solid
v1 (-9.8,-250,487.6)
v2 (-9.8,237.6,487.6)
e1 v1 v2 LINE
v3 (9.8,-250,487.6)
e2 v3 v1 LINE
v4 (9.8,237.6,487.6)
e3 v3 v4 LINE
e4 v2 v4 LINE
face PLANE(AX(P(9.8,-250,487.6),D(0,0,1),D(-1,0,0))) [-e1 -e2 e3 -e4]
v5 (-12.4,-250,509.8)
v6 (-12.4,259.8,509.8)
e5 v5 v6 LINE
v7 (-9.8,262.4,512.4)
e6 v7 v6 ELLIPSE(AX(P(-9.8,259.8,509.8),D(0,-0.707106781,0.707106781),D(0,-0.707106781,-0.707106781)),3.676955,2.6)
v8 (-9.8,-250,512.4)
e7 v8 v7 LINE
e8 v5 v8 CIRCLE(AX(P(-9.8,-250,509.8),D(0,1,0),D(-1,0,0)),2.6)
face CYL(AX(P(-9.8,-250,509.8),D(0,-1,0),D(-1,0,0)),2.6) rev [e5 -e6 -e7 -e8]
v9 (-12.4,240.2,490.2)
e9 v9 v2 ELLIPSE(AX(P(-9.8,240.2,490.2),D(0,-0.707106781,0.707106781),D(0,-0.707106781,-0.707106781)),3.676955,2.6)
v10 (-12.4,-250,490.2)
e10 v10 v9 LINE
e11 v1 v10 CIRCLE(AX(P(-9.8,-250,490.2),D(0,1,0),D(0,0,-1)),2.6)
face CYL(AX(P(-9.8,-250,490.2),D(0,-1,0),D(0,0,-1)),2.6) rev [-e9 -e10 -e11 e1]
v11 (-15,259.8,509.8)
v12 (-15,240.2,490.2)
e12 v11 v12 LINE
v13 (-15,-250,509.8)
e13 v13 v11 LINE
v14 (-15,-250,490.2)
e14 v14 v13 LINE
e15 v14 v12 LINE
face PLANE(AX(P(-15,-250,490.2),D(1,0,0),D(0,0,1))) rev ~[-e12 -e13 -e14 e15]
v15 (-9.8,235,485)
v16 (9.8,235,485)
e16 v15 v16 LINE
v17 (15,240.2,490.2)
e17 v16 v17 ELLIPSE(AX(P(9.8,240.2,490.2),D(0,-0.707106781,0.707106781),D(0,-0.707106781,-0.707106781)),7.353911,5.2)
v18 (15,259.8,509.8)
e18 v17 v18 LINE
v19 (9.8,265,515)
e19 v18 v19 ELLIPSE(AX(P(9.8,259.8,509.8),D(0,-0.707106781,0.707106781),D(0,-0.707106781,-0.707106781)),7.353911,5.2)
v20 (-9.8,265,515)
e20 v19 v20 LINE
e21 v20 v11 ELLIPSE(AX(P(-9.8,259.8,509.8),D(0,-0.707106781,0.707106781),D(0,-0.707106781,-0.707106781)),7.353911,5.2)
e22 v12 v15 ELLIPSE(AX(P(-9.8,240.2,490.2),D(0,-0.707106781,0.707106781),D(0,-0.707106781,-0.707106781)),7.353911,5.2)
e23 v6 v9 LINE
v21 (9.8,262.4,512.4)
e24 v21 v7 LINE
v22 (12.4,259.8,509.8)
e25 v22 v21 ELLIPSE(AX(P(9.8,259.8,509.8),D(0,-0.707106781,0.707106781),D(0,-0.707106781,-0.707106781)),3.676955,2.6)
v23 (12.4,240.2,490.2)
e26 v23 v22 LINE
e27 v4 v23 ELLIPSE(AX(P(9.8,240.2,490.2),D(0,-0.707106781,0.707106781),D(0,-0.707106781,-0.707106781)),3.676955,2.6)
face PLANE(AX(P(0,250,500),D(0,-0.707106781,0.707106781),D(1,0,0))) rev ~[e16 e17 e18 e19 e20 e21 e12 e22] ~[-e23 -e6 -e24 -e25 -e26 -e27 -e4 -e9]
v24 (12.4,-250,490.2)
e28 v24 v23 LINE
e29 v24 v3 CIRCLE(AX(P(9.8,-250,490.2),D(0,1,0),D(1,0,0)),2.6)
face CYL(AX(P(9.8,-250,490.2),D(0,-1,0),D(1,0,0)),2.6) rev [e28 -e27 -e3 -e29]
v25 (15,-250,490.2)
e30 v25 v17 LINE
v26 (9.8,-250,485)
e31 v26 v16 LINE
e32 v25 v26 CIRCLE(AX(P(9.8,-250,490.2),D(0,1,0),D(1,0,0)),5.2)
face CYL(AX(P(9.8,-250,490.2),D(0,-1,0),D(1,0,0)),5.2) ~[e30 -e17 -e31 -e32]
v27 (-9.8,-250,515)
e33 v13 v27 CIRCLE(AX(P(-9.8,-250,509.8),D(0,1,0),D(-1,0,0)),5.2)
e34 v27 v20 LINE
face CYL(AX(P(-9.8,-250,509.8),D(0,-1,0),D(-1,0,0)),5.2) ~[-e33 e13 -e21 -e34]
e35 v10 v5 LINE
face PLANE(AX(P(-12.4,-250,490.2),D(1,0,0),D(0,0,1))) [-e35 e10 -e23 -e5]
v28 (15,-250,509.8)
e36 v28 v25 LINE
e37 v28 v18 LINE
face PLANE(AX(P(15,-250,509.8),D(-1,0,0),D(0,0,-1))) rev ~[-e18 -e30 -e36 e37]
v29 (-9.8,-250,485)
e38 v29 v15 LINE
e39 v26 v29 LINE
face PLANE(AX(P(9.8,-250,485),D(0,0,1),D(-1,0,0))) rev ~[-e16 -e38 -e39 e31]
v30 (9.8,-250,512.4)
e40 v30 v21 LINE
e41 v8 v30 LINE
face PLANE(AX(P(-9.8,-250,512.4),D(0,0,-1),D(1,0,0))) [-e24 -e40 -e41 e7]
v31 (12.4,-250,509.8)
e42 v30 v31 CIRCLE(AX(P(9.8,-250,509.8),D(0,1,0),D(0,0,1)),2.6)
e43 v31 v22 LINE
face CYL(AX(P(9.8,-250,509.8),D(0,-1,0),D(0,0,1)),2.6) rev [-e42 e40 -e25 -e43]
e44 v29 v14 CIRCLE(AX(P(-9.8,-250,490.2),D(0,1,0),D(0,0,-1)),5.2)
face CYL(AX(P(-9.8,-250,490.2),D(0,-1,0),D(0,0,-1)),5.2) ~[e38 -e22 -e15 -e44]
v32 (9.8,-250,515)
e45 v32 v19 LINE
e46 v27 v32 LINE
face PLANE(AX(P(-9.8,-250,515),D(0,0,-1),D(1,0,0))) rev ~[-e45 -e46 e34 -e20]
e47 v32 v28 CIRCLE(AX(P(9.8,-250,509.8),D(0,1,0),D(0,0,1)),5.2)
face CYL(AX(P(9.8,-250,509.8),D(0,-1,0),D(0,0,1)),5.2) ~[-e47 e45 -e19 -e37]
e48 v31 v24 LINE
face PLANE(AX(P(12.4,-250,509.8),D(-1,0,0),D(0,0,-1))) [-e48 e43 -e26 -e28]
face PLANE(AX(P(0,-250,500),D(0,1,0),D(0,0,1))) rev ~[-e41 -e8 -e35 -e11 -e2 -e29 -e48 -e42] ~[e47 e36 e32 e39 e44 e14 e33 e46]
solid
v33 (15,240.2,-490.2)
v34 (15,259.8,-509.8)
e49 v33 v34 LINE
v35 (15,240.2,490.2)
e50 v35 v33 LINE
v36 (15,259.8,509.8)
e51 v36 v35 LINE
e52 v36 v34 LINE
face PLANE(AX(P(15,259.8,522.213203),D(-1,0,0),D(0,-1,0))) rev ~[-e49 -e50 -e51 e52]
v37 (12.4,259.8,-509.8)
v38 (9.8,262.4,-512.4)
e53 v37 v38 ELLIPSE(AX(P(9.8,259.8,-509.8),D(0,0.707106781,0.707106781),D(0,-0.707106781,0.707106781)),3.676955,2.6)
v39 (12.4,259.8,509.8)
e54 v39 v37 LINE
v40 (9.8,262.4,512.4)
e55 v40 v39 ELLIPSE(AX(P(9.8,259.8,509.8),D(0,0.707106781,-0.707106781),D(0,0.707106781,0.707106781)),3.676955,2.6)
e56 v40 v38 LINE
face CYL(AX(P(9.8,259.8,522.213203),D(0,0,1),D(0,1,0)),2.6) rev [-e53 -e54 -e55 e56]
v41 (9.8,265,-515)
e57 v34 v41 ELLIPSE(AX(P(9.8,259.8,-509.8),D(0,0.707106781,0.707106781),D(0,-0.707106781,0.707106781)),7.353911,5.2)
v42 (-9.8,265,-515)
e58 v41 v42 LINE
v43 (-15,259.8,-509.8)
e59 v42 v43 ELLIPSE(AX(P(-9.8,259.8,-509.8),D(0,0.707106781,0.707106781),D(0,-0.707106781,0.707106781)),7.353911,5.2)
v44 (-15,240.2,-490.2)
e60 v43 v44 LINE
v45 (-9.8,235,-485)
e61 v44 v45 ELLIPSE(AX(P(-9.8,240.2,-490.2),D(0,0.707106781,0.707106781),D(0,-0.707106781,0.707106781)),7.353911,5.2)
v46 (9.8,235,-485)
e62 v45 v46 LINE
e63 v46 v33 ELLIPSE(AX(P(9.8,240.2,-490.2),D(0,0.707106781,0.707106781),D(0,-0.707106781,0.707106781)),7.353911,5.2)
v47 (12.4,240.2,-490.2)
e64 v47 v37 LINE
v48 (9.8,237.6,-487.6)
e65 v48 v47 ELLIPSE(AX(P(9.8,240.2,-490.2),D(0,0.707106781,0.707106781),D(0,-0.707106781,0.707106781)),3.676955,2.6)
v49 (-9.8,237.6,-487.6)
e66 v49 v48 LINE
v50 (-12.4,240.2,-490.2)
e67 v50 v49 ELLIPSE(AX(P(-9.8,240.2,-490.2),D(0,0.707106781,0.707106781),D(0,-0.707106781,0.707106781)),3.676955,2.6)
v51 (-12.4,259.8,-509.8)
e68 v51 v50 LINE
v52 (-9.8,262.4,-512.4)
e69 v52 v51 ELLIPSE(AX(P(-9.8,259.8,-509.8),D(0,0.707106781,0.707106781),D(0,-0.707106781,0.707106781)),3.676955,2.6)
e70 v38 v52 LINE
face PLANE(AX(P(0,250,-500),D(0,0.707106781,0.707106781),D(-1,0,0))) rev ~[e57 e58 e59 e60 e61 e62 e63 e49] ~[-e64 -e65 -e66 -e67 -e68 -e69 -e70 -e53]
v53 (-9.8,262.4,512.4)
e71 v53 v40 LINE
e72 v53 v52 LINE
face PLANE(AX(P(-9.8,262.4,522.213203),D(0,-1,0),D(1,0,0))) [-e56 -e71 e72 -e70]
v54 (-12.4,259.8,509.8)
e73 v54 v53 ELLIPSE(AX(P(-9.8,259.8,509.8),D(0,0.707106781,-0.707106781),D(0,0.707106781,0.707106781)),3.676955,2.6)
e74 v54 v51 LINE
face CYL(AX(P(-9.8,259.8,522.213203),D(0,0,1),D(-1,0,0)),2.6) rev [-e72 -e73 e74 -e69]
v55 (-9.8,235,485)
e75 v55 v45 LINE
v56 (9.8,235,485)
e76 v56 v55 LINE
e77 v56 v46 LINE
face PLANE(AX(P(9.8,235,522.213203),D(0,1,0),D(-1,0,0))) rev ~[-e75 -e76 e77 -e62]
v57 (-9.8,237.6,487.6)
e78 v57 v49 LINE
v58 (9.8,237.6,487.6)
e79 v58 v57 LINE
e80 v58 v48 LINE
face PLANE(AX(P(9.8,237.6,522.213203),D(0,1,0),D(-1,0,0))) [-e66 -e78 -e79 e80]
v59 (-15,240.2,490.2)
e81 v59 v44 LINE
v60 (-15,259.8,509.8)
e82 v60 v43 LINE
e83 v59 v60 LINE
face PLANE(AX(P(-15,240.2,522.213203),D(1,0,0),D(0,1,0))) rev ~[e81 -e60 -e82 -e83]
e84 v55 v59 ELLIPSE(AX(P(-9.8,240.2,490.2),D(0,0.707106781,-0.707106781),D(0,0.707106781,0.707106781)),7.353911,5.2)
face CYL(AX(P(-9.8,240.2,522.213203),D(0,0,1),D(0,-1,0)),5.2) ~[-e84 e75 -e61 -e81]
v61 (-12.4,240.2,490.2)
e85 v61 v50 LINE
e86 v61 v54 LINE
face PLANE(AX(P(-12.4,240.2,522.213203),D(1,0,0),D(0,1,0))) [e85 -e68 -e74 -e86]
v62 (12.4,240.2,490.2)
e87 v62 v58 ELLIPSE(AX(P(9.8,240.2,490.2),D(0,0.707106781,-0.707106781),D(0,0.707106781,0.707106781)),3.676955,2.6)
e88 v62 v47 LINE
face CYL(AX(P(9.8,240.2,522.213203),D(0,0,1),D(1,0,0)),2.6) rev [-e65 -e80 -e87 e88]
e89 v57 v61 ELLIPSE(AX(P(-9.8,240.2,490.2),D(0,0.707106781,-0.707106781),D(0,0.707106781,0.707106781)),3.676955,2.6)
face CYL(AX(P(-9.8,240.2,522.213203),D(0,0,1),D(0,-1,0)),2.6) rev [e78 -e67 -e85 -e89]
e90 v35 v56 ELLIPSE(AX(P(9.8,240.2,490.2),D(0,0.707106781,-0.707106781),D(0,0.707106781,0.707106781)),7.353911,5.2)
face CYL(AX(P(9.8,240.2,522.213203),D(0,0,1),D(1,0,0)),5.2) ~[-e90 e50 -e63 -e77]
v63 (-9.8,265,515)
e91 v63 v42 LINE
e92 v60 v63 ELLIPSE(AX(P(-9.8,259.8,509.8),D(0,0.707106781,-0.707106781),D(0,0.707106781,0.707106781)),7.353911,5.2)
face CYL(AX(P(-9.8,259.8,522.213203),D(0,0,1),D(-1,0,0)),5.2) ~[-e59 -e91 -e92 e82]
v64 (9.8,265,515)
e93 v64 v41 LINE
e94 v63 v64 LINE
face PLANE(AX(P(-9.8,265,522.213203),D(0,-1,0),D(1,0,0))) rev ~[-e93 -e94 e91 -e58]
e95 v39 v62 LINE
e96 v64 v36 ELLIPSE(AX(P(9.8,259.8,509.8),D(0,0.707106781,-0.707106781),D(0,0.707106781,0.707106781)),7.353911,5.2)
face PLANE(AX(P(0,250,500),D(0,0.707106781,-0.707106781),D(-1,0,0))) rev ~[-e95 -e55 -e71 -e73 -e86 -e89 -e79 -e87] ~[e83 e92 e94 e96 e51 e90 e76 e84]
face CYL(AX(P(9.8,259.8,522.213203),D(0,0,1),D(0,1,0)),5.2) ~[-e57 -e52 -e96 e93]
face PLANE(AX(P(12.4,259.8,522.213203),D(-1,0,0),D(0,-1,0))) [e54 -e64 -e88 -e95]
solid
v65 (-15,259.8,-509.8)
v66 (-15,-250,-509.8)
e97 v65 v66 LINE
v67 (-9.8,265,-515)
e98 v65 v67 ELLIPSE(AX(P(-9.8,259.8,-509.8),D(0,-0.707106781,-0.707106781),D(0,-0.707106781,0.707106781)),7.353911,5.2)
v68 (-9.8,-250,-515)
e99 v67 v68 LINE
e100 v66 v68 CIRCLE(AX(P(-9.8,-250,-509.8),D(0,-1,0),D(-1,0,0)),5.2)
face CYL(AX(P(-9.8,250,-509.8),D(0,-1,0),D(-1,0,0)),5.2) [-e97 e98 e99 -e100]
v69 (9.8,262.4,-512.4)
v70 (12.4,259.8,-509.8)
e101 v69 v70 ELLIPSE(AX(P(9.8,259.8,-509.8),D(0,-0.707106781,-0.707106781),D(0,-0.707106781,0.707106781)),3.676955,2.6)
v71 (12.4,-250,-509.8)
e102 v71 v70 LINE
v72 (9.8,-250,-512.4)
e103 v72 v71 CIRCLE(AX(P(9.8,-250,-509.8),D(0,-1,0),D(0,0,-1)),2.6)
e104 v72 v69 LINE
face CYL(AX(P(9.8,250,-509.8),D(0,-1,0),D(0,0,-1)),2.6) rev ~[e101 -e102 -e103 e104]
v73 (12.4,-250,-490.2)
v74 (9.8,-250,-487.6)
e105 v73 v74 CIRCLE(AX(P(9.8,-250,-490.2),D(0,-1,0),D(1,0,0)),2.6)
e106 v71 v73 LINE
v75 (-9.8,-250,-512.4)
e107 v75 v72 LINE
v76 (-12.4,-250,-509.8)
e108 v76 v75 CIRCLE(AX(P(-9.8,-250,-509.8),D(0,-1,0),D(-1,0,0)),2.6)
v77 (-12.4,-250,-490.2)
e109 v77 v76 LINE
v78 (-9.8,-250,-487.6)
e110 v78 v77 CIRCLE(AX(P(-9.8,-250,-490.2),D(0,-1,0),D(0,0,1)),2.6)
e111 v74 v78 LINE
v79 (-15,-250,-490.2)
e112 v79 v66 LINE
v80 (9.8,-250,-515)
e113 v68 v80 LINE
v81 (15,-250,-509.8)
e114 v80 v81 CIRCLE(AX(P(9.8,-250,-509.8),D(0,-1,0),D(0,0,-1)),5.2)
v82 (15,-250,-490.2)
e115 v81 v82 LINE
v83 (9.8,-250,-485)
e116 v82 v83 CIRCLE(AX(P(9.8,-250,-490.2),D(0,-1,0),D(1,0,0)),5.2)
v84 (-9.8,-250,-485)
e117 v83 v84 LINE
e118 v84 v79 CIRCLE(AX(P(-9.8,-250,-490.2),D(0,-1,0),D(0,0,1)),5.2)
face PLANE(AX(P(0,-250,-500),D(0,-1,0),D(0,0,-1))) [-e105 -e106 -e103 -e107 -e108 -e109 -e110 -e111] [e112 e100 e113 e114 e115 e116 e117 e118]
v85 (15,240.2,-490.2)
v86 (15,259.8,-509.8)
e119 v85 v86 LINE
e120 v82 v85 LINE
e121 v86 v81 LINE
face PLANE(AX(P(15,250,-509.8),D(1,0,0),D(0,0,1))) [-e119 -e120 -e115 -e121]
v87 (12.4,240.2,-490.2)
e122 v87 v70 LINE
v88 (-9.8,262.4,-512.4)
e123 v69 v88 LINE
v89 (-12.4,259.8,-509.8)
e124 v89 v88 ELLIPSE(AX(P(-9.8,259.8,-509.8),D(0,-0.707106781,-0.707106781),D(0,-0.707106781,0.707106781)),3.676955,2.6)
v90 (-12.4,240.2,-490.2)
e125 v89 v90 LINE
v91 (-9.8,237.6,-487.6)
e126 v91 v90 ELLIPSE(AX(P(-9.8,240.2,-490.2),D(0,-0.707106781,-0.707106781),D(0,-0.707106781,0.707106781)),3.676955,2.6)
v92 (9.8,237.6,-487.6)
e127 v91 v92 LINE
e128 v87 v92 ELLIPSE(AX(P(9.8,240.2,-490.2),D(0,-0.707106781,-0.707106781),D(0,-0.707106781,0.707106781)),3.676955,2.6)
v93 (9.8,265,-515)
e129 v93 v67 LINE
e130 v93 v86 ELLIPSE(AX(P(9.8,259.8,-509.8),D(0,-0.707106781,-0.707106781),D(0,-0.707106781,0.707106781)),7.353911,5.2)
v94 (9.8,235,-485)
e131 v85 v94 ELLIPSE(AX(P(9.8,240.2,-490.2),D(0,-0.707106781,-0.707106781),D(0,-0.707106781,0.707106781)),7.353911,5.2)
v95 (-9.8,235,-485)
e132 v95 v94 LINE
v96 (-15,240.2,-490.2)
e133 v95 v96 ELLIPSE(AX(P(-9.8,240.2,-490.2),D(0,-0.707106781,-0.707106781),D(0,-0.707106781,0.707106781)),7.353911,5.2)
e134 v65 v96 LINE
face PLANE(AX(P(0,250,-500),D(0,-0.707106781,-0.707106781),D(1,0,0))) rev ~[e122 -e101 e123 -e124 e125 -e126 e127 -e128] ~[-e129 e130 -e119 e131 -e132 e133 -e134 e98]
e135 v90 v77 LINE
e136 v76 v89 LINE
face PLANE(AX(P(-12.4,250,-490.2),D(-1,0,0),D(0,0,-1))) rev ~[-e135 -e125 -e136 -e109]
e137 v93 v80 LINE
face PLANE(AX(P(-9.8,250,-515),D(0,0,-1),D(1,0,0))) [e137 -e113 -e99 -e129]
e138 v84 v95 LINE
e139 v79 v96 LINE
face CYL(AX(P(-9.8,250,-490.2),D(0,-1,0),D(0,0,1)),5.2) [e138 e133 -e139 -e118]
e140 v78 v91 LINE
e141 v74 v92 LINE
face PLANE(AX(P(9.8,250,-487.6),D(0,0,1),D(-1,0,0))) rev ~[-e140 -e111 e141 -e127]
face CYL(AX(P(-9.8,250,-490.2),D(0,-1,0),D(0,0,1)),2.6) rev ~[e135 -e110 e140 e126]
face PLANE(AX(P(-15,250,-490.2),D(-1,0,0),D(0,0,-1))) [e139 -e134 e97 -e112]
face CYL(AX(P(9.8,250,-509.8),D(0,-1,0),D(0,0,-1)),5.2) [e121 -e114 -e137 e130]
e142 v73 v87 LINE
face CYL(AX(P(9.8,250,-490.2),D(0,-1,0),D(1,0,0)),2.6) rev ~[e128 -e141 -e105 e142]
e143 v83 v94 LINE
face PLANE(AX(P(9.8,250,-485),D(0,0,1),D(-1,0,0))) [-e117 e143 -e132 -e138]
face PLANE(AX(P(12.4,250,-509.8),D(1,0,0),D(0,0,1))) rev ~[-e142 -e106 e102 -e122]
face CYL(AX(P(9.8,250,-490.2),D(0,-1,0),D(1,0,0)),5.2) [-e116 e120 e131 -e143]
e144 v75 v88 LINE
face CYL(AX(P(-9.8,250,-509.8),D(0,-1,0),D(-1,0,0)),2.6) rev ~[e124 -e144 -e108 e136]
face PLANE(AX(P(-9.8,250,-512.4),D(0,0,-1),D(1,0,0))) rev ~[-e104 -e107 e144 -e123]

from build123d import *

# Parameters (mm, degrees)
SQUARE_TUBE_30_X_30_X_2_6_1_DEPTH        = 522.213203436
SQUARE_TUBE_30_X_30_X_2_6_1_2_DEPTH      = 1044.426406871
SQUARE_TUBE_30_X_30_X_2_6_1_3_DEPTH      = 500
SQUARE_TUBE_30_X_30_X_2_6_1_3_DEPTH_BACK = 22.213203436


with BuildPart() as part:
    # Sketch18 on segment 1 (carried to segment 1) → Square tube 30 X 30 X 2.6(1) (new body)
    with BuildSketch(Plane(origin=(0, -250, 500), x_dir=(0, 0, 1), z_dir=(0, 1, 0))):
        with BuildLine():
            Line((-9.8, -15), (9.8, -15))
            ThreePointArc((9.8, -15), (13.476955262, -13.476955262), (15, -9.8))
            Line((15, -9.8), (15, 9.8))
            ThreePointArc((15, 9.8), (13.476955262, 13.476955262), (9.8, 15))
            Line((9.8, 15), (-9.8, 15))
            ThreePointArc((-9.8, 15), (-13.476955262, 13.476955262), (-15, 9.8))
            Line((-15, 9.8), (-15, -9.8))
            ThreePointArc((-15, -9.8), (-13.476955262, -13.476955262), (-9.8, -15))
        make_face()
        with BuildLine():
            Line((-9.8, -12.4), (9.8, -12.4))
            ThreePointArc((9.8, -12.4), (11.638477631, -11.638477631), (12.4, -9.8))
            Line((12.4, -9.8), (12.4, 9.8))
            ThreePointArc((12.4, 9.8), (11.638477631, 11.638477631), (9.8, 12.4))
            Line((9.8, 12.4), (-9.8, 12.4))
            ThreePointArc((-9.8, 12.4), (-11.638477631, 11.638477631), (-12.4, 9.8))
            Line((-12.4, 9.8), (-12.4, -9.8))
            ThreePointArc((-12.4, -9.8), (-11.638477631, -11.638477631), (-9.8, -12.4))
        make_face(mode=Mode.SUBTRACT)
    extrude(amount=SQUARE_TUBE_30_X_30_X_2_6_1_DEPTH)

    # Square tube 30 X 30 X 2.6(1) mitre 1
    split(bisect_by=Plane(origin=(0, 250, 500), x_dir=(1, 0, 0), z_dir=(0, -0.707106781, 0.707106781)), keep=Keep.TOP)


with BuildPart() as body_2:
    # Sketch18 on segment 2 (carried to segment 2) → Square tube 30 X 30 X 2.6_1 2 (new body)
    with BuildSketch(Plane(origin=(0, 250, 522.213203436), x_dir=(0, 1, 0), z_dir=(0, 0, -1))):
        with BuildLine():
            Line((-9.8, -15), (9.8, -15))
            ThreePointArc((9.8, -15), (13.476955262, -13.476955262), (15, -9.8))
            Line((15, -9.8), (15, 9.8))
            ThreePointArc((15, 9.8), (13.476955262, 13.476955262), (9.8, 15))
            Line((9.8, 15), (-9.8, 15))
            ThreePointArc((-9.8, 15), (-13.476955262, 13.476955262), (-15, 9.8))
            Line((-15, 9.8), (-15, -9.8))
            ThreePointArc((-15, -9.8), (-13.476955262, -13.476955262), (-9.8, -15))
        make_face()
        with BuildLine():
            Line((-9.8, -12.4), (9.8, -12.4))
            ThreePointArc((9.8, -12.4), (11.638477631, -11.638477631), (12.4, -9.8))
            Line((12.4, -9.8), (12.4, 9.8))
            ThreePointArc((12.4, 9.8), (11.638477631, 11.638477631), (9.8, 12.4))
            Line((9.8, 12.4), (-9.8, 12.4))
            ThreePointArc((-9.8, 12.4), (-11.638477631, 11.638477631), (-12.4, 9.8))
            Line((-12.4, 9.8), (-12.4, -9.8))
            ThreePointArc((-12.4, -9.8), (-11.638477631, -11.638477631), (-9.8, -12.4))
        make_face(mode=Mode.SUBTRACT)
    extrude(amount=SQUARE_TUBE_30_X_30_X_2_6_1_2_DEPTH)

    # Square tube 30 X 30 X 2.6_1 2 mitre 1
    split(bisect_by=Plane(origin=(0, 250, -500), x_dir=(-1, 0, 0), z_dir=(0, 0.707106781, 0.707106781)), keep=Keep.TOP)

    # Square tube 30 X 30 X 2.6_1 2 mitre 2
    split(bisect_by=Plane(origin=(0, 250, 500), x_dir=(-1, 0, 0), z_dir=(0, 0.707106781, -0.707106781)), keep=Keep.TOP)


with BuildPart() as body_3:
    # Sketch18 → Square tube 30 X 30 X 2.6_1 3 (new, two sides)
    with BuildSketch(Plane(origin=(0, 250, -500), x_dir=(0, 0, -1), z_dir=(0, -1, 0))) as square_tube_30_x_30_x_2_6_1_3_sk:
        with BuildLine():
            Line((-9.8, -15), (9.8, -15))
            ThreePointArc((9.8, -15), (13.476955262, -13.476955262), (15, -9.8))
            Line((15, -9.8), (15, 9.8))
            ThreePointArc((15, 9.8), (13.476955262, 13.476955262), (9.8, 15))
            Line((9.8, 15), (-9.8, 15))
            ThreePointArc((-9.8, 15), (-13.476955262, 13.476955262), (-15, 9.8))
            Line((-15, 9.8), (-15, -9.8))
            ThreePointArc((-15, -9.8), (-13.476955262, -13.476955262), (-9.8, -15))
        make_face()
        with BuildLine():
            Line((-9.8, -12.4), (9.8, -12.4))
            ThreePointArc((9.8, -12.4), (11.638477631, -11.638477631), (12.4, -9.8))
            Line((12.4, -9.8), (12.4, 9.8))
            ThreePointArc((12.4, 9.8), (11.638477631, 11.638477631), (9.8, 12.4))
            Line((9.8, 12.4), (-9.8, 12.4))
            ThreePointArc((-9.8, 12.4), (-11.638477631, 11.638477631), (-12.4, 9.8))
            Line((-12.4, 9.8), (-12.4, -9.8))
            ThreePointArc((-12.4, -9.8), (-11.638477631, -11.638477631), (-9.8, -12.4))
        make_face(mode=Mode.SUBTRACT)
    extrude(amount=SQUARE_TUBE_30_X_30_X_2_6_1_3_DEPTH)
    extrude(square_tube_30_x_30_x_2_6_1_3_sk.sketch, amount=-SQUARE_TUBE_30_X_30_X_2_6_1_3_DEPTH_BACK)

    # Square tube 30 X 30 X 2.6_1 3 mitre 1
    split(bisect_by=Plane(origin=(0, 250, -500), x_dir=(1, 0, 0), z_dir=(0, -0.707106781, -0.707106781)), keep=Keep.TOP)


solid = Compound([part.part, body_2.part, body_3.part])
